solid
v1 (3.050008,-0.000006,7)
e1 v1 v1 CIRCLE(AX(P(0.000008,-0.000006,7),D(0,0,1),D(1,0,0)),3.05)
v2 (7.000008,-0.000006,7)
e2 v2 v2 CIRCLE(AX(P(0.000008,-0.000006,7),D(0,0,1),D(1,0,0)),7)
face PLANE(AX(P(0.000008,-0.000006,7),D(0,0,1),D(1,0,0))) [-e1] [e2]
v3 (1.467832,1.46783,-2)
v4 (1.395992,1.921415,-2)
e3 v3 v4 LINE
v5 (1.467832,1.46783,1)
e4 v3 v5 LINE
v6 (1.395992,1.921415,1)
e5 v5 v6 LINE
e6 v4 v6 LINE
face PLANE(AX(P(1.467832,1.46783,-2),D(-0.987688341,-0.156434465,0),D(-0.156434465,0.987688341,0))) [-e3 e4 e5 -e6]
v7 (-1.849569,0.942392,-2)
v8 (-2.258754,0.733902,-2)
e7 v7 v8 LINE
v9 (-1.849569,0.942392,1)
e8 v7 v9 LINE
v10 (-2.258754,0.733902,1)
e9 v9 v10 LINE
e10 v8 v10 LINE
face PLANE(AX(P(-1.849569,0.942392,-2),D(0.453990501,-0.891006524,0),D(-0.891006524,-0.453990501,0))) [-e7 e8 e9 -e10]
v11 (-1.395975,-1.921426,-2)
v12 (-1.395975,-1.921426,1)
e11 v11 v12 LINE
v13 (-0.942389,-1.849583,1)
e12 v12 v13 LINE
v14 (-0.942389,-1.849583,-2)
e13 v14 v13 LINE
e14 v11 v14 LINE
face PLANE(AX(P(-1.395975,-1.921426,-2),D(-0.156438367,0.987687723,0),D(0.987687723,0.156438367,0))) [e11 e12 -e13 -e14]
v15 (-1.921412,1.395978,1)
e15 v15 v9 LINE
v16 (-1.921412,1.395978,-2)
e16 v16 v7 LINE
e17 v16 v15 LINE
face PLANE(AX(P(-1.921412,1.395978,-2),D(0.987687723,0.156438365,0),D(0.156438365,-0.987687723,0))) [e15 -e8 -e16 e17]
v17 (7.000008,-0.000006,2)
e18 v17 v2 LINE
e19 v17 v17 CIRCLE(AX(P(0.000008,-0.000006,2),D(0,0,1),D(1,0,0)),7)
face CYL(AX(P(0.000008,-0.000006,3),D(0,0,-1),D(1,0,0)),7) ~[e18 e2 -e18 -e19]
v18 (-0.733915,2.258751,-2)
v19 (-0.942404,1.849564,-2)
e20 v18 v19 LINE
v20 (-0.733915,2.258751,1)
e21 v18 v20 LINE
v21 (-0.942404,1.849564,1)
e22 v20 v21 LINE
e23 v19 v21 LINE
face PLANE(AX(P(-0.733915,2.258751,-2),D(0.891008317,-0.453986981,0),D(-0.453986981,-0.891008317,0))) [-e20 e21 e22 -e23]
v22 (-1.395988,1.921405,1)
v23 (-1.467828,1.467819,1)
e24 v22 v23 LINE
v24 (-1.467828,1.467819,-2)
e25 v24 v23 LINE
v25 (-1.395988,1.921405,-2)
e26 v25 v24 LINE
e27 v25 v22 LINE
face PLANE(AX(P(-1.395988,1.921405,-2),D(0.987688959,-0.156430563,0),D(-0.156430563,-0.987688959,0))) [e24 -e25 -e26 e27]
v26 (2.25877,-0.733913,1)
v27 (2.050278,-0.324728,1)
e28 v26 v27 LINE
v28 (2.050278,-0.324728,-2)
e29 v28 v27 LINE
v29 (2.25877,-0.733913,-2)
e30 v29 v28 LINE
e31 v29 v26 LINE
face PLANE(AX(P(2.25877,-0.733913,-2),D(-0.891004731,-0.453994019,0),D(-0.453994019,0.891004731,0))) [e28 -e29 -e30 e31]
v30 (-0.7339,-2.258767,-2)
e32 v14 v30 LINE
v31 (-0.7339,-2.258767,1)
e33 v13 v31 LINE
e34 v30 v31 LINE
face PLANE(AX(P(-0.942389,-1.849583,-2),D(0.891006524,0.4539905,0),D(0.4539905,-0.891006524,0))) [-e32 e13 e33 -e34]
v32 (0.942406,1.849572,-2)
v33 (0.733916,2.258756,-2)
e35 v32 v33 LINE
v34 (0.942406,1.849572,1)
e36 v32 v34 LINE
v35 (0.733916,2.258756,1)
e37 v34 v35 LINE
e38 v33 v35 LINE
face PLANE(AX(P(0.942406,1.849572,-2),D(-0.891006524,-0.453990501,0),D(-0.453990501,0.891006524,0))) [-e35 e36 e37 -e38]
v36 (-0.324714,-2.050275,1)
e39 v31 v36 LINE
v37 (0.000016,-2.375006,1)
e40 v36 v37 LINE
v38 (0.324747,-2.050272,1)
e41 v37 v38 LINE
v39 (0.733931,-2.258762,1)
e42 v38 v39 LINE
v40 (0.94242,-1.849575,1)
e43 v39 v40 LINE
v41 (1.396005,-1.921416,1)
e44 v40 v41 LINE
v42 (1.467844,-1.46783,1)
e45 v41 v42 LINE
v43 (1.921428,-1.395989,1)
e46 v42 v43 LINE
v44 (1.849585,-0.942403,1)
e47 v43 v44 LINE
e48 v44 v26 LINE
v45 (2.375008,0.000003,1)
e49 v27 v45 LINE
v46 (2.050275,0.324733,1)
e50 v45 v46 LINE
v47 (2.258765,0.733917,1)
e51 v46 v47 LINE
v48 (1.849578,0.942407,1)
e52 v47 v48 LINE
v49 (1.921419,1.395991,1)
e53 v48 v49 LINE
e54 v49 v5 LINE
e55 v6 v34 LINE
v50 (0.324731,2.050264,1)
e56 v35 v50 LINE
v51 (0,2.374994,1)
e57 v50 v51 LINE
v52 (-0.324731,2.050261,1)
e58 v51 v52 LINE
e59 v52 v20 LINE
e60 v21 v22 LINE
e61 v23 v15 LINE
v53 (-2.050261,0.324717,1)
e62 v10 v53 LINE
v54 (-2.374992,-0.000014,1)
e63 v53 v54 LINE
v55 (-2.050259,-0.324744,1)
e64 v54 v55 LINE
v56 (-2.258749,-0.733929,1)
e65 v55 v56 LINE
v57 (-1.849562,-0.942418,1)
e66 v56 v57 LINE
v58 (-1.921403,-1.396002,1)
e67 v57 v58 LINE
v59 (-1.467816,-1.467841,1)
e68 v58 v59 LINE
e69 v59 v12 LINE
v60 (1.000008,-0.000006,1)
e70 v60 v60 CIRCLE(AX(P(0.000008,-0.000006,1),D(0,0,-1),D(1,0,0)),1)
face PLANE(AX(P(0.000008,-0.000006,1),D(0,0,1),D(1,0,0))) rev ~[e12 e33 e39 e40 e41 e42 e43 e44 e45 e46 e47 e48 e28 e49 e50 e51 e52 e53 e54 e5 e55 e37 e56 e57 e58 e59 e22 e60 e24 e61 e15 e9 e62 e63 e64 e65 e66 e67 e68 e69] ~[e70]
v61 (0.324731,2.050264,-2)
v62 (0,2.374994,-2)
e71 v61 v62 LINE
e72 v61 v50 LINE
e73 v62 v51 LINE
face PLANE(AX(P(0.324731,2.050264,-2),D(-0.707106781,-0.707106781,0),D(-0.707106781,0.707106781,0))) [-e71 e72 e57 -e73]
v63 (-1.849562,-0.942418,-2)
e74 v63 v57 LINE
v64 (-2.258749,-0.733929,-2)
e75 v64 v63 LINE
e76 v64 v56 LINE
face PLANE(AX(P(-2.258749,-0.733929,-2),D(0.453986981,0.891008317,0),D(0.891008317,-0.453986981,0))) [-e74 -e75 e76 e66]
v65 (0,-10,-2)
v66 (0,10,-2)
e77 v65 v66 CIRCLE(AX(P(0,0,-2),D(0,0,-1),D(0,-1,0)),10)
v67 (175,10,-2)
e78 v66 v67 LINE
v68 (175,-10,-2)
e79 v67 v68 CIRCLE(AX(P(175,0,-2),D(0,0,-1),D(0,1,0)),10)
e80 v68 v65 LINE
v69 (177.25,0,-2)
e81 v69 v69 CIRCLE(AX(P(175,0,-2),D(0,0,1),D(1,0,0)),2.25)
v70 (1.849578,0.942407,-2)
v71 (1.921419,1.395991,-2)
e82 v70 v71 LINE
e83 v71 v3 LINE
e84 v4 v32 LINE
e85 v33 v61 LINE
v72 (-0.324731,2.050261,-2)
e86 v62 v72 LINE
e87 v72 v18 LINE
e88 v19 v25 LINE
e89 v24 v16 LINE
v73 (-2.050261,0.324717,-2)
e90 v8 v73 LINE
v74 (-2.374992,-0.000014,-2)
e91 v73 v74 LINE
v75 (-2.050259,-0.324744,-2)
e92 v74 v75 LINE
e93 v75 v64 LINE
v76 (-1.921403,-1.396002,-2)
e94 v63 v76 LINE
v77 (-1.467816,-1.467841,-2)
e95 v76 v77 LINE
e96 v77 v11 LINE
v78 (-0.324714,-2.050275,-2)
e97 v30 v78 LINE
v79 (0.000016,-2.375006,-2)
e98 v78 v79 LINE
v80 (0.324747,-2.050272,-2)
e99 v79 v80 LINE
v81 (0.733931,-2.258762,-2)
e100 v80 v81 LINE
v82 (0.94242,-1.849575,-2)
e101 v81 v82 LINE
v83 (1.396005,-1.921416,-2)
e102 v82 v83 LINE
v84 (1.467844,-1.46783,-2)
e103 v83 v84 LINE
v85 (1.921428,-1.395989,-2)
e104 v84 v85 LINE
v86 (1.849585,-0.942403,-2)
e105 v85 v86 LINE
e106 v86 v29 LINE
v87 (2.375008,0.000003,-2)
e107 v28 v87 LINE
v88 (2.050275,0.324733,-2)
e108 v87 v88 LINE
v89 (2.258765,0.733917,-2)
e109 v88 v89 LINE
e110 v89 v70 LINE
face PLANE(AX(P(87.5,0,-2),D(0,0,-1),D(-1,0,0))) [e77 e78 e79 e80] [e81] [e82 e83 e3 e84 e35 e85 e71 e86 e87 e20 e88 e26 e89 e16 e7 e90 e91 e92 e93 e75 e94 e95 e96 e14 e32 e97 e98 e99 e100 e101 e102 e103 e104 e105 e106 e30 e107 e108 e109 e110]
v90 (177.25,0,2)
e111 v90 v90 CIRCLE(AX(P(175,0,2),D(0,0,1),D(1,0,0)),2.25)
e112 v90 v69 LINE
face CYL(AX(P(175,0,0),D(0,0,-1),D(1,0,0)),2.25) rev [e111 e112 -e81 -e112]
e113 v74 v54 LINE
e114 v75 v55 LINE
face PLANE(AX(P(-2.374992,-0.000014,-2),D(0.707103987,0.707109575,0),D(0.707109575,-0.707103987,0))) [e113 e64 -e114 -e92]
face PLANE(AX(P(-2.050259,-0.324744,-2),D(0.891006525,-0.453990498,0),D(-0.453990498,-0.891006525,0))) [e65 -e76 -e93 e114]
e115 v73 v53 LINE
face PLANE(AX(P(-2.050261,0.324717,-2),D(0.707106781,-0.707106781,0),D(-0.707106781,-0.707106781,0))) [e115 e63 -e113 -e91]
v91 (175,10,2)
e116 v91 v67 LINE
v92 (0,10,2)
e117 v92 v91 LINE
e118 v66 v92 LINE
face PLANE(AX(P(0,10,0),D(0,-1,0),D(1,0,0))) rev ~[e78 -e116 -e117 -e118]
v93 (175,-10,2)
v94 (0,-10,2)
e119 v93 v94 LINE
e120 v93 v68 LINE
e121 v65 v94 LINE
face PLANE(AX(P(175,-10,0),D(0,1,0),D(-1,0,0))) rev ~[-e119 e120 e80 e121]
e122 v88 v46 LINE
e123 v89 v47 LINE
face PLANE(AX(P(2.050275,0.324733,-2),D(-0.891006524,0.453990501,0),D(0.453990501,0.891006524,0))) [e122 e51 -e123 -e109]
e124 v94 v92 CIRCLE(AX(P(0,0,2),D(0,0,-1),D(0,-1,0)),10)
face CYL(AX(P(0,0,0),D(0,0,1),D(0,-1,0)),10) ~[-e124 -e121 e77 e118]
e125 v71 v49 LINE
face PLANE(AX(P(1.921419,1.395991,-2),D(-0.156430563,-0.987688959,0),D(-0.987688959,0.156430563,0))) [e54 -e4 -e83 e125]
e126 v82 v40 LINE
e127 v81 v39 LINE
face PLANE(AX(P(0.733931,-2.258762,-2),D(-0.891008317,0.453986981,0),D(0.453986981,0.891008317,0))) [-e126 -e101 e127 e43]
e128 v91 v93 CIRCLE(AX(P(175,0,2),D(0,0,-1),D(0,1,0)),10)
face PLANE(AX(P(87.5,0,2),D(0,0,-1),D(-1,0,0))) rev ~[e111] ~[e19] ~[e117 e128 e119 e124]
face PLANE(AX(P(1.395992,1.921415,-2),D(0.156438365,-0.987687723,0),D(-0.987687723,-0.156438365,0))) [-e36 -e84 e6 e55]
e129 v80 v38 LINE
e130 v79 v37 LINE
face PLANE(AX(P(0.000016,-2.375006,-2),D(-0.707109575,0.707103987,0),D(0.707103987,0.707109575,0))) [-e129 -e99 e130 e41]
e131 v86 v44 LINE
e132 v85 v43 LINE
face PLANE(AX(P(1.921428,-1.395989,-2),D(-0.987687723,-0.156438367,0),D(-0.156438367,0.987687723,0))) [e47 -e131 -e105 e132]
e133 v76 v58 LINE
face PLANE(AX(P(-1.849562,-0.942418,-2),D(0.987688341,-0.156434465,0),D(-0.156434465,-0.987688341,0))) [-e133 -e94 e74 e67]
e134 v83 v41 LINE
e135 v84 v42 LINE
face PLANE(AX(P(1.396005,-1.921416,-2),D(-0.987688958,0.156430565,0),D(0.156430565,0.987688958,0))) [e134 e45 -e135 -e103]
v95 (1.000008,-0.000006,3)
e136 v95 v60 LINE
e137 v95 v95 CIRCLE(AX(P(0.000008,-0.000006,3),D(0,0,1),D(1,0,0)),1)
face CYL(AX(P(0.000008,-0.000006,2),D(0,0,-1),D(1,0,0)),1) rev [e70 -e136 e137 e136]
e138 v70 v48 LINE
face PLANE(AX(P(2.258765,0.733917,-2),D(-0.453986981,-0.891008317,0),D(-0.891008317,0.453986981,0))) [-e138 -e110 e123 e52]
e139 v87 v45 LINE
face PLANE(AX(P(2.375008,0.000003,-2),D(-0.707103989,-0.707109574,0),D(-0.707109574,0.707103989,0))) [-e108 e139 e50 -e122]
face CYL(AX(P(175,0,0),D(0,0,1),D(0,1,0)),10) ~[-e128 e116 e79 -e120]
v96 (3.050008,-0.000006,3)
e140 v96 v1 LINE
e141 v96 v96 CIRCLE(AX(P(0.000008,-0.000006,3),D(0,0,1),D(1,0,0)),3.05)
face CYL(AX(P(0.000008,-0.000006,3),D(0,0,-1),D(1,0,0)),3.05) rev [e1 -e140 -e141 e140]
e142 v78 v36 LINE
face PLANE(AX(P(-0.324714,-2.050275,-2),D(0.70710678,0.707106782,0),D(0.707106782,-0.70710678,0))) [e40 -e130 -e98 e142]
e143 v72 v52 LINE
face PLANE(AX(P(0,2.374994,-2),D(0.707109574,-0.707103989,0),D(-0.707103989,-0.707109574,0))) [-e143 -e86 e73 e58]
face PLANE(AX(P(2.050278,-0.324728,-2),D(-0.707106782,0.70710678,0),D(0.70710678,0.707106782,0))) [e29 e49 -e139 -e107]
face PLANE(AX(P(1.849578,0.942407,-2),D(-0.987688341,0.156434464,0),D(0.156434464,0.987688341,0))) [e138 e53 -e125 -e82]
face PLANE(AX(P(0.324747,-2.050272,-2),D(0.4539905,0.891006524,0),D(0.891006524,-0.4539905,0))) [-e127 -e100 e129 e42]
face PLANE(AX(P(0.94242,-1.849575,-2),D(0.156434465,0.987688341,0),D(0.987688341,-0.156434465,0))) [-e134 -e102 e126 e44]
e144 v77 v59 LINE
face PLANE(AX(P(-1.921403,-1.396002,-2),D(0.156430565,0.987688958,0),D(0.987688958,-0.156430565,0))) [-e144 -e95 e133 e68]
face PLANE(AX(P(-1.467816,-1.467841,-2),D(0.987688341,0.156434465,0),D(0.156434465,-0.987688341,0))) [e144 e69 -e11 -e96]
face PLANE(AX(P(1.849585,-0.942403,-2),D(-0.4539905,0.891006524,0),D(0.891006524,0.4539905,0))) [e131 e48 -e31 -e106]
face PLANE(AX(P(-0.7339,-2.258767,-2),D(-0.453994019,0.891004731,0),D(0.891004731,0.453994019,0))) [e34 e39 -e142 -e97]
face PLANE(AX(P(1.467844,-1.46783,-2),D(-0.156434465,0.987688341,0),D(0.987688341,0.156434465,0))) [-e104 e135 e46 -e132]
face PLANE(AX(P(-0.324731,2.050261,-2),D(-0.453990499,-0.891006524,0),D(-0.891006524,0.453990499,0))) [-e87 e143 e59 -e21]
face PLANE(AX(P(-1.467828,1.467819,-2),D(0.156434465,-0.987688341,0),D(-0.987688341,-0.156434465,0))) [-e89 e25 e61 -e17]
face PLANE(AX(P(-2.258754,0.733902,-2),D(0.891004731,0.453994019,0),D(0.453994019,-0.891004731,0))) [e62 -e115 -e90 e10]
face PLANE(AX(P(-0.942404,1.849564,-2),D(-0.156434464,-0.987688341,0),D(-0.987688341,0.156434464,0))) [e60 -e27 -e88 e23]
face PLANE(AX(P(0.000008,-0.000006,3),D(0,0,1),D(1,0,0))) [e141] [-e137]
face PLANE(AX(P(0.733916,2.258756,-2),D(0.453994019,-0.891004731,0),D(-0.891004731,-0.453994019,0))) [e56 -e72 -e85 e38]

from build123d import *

# Parameters (mm, degrees)
SKETCH1_R           = 2.25
SKETCH1_R_2         = 1
BOSS_EXTRUDE1_DEPTH = 2
SKETCH4_R           = 7
SKETCH4_R_2         = 1
BOSS_EXTRUDE2_DEPTH = 1
SKETCH5_R           = 7
SKETCH5_R_2         = 3.05
BOSS_EXTRUDE3_DEPTH = 4
CUT_EXTRUDE1_DEPTH  = 3


with BuildPart() as part:
    # Sketch1 → Boss-Extrude1 (new, symmetric)
    with BuildSketch(Plane.XY):
        with BuildLine():
            Line((0, 10), (175, 10))
            ThreePointArc((175, 10), (185, 0), (175, -10))
            Line((175, -10), (0, -10))
            ThreePointArc((0, -10), (-10, 0), (0, 10))
        make_face()
        with Locations((175, 0)):
            Circle(SKETCH1_R, mode=Mode.SUBTRACT)
        with Locations((8.098e-06, -5.598e-06)):
            Circle(SKETCH1_R_2, mode=Mode.SUBTRACT)
    extrude(amount=BOSS_EXTRUDE1_DEPTH, both=True)

    # Sketch4 → Boss-Extrude2 (add)
    with BuildSketch(Plane.XY.offset(2)):
        with Locations((8.098e-06, -5.598e-06)):
            Circle(SKETCH4_R)
        with Locations((8.098e-06, -5.598e-06)):
            Circle(SKETCH4_R_2, mode=Mode.SUBTRACT)
    extrude(amount=BOSS_EXTRUDE2_DEPTH)

    # Sketch5 → Boss-Extrude3 (add)
    with BuildSketch(Plane.XY.offset(3)):
        with Locations((8.098e-06, -5.598e-06)):
            Circle(SKETCH5_R)
        with Locations((8.098e-06, -5.598e-06)):
            Circle(SKETCH5_R_2, mode=Mode.SUBTRACT)
    extrude(amount=BOSS_EXTRUDE3_DEPTH)

    # Sketch6 → Cut-Extrude1 (cut)
    with BuildSketch(Plane(origin=(0, 0, -2), x_dir=(-1, 0, 0), z_dir=(0, 0, -1))):
        Polygon((-0.324730573, 2.050263829), (0, 2.374994402), (0.324730573, 2.050261264), (0.733914965, 2.258751125), (0.942404034, 1.849564293), (1.395988428, 1.921405003), (1.46782763, 1.467818534), (1.921412023, 1.395977824), (1.849569238, 0.942391923), (2.25875363, 0.733902061), (2.050261329, 0.324716876), (2.374991902, -1.3697e-05), (2.050258764, -0.324744269), (2.258748625, -0.733928662), (1.849561793, -0.942417731), (1.921402503, -1.396002124), (1.467816034, -1.467841327), (1.395975324, -1.92142572), (0.942389423, -1.849582934), (0.733899561, -2.258767327), (0.324714376, -2.050275026), (-1.6197e-05, -2.375005598), (-0.324746769, -2.05027246), (-0.733931162, -2.258762322), (-0.942420231, -1.84957549), (-1.396004624, -1.9214162), (-1.467843827, -1.467829731), (-1.92142822, -1.395989021), (-1.849585434, -0.94240312), (-2.258769827, -0.733913258), (-2.050277526, -0.324728073), (-2.375008098, 2.5e-06), (-2.05027496, 0.324733073), (-2.258764822, 0.733917465), (-1.84957799, 0.942406534), (-1.9214187, 1.395990928), (-1.467832231, 1.46783013), (-1.395991521, 1.921414523), (-0.94240562, 1.849571738), (-0.733915758, 2.25875613), align=None)
    extrude(amount=-CUT_EXTRUDE1_DEPTH, mode=Mode.SUBTRACT)


solid = part.part
